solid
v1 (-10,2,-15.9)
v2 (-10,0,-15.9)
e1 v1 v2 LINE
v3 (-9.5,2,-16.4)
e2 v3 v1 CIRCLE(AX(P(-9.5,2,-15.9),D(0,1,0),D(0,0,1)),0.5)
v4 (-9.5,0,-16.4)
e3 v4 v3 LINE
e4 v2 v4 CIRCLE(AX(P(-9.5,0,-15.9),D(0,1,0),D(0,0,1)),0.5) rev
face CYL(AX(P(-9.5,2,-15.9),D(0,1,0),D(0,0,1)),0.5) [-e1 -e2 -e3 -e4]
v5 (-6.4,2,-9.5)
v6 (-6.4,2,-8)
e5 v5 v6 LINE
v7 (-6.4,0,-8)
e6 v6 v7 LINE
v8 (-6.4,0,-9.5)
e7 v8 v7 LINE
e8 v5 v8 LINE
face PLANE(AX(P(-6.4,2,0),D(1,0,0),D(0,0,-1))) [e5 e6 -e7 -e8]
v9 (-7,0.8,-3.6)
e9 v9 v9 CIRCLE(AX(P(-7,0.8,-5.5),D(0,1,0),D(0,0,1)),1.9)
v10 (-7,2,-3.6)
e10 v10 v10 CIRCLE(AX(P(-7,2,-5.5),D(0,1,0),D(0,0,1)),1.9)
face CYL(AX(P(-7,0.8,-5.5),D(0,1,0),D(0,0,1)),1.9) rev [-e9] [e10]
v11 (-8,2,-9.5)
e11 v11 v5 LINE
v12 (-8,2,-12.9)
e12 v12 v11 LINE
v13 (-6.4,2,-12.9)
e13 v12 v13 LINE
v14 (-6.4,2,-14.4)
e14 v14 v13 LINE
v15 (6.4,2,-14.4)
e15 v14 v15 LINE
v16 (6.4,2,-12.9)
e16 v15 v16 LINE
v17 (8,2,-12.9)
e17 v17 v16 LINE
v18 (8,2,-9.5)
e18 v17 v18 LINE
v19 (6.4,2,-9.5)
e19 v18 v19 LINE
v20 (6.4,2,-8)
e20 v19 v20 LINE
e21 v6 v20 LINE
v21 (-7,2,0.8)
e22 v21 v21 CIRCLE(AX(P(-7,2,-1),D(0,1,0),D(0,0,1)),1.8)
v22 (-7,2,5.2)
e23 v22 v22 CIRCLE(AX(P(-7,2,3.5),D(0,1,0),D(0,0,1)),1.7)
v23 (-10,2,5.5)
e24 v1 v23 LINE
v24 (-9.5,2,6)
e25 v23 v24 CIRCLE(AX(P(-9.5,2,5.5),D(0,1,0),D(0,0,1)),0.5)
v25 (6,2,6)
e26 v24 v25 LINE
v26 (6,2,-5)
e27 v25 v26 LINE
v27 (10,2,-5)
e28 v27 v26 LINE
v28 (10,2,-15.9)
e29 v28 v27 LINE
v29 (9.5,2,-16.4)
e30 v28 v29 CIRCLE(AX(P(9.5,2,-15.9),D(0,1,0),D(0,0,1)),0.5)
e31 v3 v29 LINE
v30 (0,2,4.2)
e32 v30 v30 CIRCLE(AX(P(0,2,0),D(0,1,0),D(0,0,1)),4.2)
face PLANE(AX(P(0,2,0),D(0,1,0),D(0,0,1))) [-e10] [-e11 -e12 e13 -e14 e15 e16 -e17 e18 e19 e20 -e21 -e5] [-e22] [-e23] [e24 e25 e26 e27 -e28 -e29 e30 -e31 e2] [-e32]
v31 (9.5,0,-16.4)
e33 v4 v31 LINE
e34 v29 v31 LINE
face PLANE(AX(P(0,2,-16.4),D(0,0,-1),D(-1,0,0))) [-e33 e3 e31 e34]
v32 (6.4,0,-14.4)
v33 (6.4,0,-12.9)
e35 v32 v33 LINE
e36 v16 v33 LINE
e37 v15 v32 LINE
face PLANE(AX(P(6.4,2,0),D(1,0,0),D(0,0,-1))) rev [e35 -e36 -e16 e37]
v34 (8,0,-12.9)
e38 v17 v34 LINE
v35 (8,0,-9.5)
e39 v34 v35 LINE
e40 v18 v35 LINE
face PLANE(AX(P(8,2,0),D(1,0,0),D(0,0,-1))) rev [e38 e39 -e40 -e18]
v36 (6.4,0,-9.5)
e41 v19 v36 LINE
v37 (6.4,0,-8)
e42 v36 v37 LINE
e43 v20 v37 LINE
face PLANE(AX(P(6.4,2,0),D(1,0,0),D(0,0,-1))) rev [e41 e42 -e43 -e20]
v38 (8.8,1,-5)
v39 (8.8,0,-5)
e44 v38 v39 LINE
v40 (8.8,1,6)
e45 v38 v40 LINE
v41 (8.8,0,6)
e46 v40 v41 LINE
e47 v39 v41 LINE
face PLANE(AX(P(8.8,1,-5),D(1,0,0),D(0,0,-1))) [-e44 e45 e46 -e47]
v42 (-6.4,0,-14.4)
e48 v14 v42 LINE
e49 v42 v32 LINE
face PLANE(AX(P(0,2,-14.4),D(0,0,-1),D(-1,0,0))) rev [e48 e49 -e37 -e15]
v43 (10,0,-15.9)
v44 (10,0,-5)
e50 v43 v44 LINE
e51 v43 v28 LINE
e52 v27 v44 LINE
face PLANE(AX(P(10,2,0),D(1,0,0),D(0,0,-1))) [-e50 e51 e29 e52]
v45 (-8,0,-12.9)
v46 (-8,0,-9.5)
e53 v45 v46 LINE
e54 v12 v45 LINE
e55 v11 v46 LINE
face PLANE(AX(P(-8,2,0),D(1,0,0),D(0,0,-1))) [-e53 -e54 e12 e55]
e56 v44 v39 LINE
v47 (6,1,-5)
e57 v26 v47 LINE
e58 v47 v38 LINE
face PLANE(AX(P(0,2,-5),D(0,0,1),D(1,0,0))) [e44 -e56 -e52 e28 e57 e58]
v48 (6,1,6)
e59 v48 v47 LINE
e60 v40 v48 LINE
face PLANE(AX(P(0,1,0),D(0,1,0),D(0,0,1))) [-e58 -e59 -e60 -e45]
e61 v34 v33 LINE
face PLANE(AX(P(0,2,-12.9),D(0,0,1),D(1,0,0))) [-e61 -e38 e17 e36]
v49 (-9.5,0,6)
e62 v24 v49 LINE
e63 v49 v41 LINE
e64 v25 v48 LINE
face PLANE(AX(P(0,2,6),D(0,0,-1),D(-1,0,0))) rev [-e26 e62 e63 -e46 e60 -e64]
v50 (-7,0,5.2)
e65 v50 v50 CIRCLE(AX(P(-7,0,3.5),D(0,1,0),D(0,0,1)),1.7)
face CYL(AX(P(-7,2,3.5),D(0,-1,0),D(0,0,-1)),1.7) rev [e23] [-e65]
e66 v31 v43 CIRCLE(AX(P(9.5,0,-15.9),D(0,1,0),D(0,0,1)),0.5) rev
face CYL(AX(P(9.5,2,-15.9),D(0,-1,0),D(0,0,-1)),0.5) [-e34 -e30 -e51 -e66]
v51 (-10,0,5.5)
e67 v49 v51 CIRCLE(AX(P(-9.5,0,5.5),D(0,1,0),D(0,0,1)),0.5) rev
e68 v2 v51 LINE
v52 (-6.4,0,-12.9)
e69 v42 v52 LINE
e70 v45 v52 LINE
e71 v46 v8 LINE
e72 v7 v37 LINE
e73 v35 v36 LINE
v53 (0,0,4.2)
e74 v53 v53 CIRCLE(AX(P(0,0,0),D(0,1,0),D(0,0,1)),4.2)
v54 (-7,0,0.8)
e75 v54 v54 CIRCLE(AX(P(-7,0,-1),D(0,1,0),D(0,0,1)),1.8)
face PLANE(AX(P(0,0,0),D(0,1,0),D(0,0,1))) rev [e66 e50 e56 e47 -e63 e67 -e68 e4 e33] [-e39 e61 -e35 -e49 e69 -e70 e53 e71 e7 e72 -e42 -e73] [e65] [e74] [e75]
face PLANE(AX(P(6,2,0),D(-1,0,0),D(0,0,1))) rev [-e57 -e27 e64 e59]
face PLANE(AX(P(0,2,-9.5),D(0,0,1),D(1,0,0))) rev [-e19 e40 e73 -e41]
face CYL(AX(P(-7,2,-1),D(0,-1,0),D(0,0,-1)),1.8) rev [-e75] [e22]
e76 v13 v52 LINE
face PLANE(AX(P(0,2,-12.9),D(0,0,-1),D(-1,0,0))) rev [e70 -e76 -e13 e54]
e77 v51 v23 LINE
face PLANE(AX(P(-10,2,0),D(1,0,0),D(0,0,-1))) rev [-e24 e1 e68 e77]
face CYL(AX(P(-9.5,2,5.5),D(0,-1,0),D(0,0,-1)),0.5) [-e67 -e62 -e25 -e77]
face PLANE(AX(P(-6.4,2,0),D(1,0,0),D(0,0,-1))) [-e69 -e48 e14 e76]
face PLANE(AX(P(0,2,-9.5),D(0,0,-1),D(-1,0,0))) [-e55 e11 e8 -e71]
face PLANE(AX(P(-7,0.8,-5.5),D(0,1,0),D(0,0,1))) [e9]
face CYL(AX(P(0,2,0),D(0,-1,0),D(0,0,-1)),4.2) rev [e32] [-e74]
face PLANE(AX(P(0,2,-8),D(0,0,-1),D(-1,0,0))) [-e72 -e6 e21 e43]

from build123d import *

# Parameters (mm, degrees)
ESQUISSE1_R             = 1.7
ESQUISSE1_R_2           = 1.8
ESQUISSE1_R_3           = 4.2
BOSS_EXTRU_1_DEPTH      = 2
ESQUISSE2_R             = 1.9
ENL_V_MAT_EXTRU_1_DEPTH = 1.2
ESQUISSE4_W             = 2.8
ESQUISSE4_H             = 11
BOSS_EXTRU_3_DEPTH      = 1
CONG_1_R                = 0.5


with BuildPart() as part:
    # Esquisse1 → Boss.-Extru.1 (new body)
    with BuildSketch(Plane(origin=(0, 0, 0), x_dir=(1, 0, 0), z_dir=(0, 1, 0))):
        Polygon((10, 16.4), (-10, 16.4), (-10, -6), (6, -6), (6, 5), (10, 5), align=None)
        with Locations((-7, -3.5)):
            Circle(ESQUISSE1_R, mode=Mode.SUBTRACT)
        with Locations((-7, 1)):
            Circle(ESQUISSE1_R_2, mode=Mode.SUBTRACT)
        Circle(ESQUISSE1_R_3, mode=Mode.SUBTRACT)
        Polygon((-6.4, 12.9), (-6.4, 14.4), (6.4, 14.4), (6.4, 12.9), (8, 12.9), (8, 9.5), (6.4, 9.5), (6.4, 8), (-6.4, 8), (-6.4, 9.5), (-8, 9.5), (-8, 12.9), align=None, mode=Mode.SUBTRACT)
    extrude(amount=BOSS_EXTRU_1_DEPTH)

    # Esquisse2 → Enlèv. mat.-Extru.1 (cut)
    with BuildSketch(Plane(origin=(0, 2, 0), x_dir=(1, 0, 0), z_dir=(0, 1, 0))):
        with Locations((-7, 5.5)):
            Circle(ESQUISSE2_R)
    extrude(amount=-ENL_V_MAT_EXTRU_1_DEPTH, mode=Mode.SUBTRACT)

    # Esquisse4 → Boss.-Extru.3 (add)
    with BuildSketch(Plane.XZ):
        with Locations((7.4, 0.5)):
            Rectangle(ESQUISSE4_W, ESQUISSE4_H)
    extrude(amount=-BOSS_EXTRU_3_DEPTH)

    # Congé1
    cong_1_edges = [part.edges().sort_by_distance(p)[0] for p in [
        (-10, 1, 6),
        (-10, 1, -16.4),
        (10, 1, -16.4),
    ]]
    fillet(cong_1_edges, radius=CONG_1_R)


solid = part.part
